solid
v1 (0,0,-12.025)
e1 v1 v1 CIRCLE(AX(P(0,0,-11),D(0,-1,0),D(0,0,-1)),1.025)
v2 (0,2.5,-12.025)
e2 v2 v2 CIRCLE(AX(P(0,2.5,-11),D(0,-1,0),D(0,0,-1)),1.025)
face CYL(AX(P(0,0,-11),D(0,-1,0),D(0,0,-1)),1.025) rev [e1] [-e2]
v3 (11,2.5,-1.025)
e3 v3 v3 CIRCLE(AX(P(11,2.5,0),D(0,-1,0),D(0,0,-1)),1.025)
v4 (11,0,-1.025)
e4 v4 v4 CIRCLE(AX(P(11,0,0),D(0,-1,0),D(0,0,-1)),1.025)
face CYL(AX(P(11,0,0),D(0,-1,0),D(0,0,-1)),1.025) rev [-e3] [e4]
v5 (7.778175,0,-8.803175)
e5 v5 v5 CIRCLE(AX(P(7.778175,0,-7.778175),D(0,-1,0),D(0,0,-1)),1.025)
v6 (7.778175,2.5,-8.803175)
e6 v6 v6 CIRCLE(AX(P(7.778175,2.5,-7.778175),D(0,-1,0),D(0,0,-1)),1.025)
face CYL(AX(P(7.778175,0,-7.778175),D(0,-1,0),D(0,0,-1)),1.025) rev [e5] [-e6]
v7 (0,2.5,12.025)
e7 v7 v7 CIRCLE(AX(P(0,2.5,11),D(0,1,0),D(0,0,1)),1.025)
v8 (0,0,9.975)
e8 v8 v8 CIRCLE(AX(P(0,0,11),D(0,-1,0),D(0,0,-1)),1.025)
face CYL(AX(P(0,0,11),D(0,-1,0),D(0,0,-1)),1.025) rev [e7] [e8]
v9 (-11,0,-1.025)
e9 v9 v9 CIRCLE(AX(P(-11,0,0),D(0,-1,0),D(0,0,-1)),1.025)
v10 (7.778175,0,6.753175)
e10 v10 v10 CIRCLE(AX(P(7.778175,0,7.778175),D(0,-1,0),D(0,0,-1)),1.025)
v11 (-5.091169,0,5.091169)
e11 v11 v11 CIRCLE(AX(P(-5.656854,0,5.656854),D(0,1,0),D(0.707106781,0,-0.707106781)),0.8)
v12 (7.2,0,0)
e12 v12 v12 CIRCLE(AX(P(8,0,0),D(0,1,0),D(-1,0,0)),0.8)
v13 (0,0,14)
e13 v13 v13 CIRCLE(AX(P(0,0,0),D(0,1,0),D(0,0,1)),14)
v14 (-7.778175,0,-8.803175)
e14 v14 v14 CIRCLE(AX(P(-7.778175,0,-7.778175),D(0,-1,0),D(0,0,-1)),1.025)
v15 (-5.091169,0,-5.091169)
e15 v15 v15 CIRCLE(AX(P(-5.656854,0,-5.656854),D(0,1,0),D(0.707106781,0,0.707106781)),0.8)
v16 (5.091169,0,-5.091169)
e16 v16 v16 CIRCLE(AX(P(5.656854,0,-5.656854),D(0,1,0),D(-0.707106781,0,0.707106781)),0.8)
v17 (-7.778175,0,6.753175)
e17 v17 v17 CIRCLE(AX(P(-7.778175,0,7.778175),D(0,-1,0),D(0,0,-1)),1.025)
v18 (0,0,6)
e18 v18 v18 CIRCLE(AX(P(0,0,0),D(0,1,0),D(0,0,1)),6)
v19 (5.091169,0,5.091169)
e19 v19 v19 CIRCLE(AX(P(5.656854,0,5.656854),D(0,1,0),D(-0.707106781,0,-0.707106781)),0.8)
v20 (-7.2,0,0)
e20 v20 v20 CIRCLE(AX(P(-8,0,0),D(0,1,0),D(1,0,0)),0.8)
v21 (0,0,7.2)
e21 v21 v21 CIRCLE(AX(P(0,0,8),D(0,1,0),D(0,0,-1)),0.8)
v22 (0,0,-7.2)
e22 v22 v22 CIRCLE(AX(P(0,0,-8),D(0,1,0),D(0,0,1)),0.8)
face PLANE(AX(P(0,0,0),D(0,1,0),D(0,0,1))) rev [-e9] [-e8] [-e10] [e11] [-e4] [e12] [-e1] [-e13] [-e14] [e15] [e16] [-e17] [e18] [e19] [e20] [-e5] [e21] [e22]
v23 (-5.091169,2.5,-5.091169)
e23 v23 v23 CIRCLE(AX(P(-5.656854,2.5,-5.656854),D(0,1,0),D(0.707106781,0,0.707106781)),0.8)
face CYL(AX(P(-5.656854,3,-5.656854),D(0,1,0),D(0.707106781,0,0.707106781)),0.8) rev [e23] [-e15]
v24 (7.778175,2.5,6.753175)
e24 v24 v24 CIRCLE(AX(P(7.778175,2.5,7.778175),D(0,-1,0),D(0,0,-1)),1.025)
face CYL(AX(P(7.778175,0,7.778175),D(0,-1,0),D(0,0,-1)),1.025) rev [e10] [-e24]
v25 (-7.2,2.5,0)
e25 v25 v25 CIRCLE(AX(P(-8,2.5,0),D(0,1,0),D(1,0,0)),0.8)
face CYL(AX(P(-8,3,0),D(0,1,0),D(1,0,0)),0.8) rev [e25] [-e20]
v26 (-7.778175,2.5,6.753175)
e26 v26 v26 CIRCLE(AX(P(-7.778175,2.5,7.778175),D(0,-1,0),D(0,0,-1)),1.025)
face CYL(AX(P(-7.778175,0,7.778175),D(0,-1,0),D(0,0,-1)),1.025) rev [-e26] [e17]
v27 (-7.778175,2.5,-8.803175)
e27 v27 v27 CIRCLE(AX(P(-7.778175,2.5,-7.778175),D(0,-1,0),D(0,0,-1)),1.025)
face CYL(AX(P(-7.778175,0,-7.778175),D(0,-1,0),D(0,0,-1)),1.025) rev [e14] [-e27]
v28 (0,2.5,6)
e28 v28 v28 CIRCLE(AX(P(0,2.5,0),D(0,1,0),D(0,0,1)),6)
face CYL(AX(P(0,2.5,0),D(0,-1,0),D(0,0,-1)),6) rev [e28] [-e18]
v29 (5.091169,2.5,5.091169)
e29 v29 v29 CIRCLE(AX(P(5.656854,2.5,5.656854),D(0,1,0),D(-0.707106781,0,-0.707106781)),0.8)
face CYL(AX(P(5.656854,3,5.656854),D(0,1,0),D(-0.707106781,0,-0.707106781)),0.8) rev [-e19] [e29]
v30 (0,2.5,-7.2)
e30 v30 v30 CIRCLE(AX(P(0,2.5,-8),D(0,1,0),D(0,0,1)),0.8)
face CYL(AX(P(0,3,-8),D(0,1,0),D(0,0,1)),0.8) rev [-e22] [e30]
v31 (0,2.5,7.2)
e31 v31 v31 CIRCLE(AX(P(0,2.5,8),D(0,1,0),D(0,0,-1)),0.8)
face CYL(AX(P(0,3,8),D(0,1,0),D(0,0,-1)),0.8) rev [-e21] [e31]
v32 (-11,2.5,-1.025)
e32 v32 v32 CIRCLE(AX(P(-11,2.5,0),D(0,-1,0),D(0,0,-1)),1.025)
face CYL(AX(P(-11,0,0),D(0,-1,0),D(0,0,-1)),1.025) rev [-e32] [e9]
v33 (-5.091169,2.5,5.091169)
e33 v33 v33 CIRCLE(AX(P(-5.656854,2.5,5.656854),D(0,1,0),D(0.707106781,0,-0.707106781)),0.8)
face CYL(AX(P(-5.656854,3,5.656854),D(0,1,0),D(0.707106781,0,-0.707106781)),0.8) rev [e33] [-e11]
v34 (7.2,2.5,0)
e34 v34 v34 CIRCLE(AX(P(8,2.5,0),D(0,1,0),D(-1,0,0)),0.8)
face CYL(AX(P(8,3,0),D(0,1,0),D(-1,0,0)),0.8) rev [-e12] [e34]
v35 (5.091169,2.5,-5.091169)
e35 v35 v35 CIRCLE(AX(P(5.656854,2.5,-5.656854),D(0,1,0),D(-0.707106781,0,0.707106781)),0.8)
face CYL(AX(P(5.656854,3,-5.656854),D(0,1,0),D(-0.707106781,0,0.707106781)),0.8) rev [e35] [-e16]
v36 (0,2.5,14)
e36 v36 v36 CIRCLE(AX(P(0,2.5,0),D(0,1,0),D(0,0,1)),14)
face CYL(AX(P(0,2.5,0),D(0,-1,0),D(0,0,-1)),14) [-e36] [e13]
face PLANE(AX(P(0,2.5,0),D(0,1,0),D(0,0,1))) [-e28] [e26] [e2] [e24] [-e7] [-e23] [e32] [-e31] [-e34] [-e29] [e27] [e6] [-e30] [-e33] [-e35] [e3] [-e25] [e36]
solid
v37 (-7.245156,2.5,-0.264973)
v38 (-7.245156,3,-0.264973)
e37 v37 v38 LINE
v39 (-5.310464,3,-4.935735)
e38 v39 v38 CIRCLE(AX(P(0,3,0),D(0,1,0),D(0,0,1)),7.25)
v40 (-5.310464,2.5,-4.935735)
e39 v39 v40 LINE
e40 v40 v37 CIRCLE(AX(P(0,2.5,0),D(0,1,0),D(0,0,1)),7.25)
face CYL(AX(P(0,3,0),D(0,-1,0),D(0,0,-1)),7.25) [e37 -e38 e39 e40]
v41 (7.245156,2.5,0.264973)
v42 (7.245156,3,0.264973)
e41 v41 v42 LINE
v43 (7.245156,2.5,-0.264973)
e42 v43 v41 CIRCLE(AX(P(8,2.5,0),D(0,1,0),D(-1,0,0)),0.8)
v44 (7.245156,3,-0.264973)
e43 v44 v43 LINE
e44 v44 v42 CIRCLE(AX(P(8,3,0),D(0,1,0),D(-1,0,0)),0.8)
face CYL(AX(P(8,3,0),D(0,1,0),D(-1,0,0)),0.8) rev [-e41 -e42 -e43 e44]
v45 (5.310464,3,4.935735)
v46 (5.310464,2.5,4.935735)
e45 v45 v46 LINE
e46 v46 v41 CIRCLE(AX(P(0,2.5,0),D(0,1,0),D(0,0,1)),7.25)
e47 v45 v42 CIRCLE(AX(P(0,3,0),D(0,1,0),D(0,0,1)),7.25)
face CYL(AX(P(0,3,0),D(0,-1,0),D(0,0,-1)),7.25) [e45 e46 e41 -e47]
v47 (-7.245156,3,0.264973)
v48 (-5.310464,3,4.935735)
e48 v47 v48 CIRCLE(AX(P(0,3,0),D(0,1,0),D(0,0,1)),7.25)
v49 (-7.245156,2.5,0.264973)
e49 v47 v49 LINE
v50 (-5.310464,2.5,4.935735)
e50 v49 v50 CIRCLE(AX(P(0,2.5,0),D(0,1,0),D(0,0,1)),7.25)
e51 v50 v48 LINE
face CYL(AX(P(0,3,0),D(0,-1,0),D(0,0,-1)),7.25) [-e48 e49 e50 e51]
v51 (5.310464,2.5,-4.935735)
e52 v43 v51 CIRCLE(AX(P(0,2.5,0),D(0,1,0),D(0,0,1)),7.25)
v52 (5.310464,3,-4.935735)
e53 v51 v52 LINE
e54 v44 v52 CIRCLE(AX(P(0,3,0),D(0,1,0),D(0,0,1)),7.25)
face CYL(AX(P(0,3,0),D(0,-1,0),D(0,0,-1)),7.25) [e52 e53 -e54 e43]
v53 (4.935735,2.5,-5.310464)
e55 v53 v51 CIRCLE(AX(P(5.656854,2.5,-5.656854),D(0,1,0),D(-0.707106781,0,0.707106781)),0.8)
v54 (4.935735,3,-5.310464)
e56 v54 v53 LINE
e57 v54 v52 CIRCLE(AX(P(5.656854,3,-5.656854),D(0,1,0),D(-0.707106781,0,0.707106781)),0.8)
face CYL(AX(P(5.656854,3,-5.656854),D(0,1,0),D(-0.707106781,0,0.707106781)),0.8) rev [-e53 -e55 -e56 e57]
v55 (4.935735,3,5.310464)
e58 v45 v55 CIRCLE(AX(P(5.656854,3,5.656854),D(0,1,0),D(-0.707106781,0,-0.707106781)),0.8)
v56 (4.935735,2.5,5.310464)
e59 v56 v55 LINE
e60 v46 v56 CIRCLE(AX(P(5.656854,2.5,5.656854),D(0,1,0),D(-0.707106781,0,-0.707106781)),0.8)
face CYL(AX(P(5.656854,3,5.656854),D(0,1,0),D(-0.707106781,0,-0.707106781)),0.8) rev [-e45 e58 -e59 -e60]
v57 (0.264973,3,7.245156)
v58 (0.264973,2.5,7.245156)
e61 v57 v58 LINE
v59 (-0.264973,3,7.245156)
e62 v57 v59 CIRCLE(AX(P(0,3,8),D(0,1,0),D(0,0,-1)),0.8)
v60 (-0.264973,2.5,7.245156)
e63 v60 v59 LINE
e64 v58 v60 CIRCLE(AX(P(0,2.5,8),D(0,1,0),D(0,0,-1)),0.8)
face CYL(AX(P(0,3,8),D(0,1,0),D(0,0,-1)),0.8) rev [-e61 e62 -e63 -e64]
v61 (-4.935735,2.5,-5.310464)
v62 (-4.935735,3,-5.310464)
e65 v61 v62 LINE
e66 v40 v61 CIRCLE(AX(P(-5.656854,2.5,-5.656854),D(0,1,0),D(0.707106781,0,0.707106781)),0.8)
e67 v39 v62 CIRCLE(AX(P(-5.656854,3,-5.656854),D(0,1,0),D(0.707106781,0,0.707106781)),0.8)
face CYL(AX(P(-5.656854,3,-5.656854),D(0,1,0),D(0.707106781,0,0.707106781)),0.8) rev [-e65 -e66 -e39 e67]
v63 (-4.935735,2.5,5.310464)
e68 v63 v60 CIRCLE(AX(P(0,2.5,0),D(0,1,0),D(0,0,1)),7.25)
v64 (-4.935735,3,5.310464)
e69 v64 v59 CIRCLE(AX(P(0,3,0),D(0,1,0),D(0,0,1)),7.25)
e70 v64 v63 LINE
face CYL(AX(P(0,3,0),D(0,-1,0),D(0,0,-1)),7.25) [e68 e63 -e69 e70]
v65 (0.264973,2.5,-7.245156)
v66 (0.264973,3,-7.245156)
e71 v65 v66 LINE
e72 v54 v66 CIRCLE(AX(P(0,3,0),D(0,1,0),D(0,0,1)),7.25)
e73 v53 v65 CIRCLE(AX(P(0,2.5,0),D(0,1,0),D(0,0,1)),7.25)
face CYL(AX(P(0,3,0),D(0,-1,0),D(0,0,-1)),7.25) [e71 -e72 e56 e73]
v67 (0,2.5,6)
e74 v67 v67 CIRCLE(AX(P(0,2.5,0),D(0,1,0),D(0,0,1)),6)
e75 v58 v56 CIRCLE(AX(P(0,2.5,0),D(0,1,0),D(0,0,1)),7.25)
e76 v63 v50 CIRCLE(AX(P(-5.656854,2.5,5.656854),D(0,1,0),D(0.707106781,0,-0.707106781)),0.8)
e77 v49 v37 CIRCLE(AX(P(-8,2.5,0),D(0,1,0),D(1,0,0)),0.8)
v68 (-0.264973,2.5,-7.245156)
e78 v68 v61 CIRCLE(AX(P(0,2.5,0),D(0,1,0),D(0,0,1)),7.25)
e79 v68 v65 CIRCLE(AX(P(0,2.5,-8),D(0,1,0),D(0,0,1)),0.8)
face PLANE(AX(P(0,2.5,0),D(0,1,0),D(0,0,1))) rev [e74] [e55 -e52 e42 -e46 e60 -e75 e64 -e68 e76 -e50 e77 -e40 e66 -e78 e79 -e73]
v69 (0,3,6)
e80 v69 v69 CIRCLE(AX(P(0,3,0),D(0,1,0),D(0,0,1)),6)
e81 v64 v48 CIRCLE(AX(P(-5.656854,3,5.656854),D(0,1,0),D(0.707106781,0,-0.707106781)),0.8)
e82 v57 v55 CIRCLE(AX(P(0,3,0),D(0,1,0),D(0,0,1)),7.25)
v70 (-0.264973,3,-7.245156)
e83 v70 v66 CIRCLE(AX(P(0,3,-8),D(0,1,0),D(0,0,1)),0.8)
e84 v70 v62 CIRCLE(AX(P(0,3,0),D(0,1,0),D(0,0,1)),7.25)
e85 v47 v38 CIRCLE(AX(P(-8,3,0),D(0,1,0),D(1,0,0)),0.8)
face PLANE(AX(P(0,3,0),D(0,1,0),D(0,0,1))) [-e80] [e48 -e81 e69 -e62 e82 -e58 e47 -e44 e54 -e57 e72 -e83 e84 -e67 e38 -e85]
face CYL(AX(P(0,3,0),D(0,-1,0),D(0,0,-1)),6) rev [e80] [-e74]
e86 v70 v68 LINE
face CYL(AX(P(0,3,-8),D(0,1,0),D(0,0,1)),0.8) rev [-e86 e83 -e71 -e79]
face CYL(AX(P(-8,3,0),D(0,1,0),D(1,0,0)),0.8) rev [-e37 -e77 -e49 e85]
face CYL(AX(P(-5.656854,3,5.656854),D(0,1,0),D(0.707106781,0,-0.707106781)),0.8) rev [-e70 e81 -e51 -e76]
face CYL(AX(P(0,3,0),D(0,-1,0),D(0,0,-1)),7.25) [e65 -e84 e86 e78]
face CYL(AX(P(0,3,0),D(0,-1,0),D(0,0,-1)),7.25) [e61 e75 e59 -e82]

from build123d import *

# Parameters (mm, degrees)
SKETCH1_R           = 14
SKETCH1_R_2         = 6
BOSS_EXTRUDE1_DEPTH = 2.5
SKETCH5_R           = 7.25
SKETCH5_R_2         = 6
BOSS_EXTRUDE2_DEPTH = 0.5
SKETCH10_W          = 1.025
SKETCH10_H          = 2.5
CIRPATTERN3_COUNT   = 8
SKETCH20_W          = 0.8
SKETCH20_H          = 3
CIRPATTERN4_COUNT   = 8


with BuildPart() as part:
    # Sketch1 → Boss-Extrude1 (new body)
    with BuildSketch(Plane(origin=(0, 0, 0), x_dir=(1, 0, 0), z_dir=(0, 1, 0))):
        with Locations(Location((0, 0, 0), (0, 0, 270))):
            Circle(SKETCH1_R)
        with Locations(Location((0, 0, 0), (0, 0, 270))):
            Circle(SKETCH1_R_2, mode=Mode.SUBTRACT)
    extrude(amount=BOSS_EXTRUDE1_DEPTH)

    # Sketch10 → M2.5 Tapped Hole1 (revolve, cut)
    with BuildSketch(Plane(origin=(0, 0, 11), x_dir=(0, 0, -1), z_dir=(1, 0, 0))):
        with Locations((0.5125, 1.25)):
            Rectangle(SKETCH10_W, SKETCH10_H)
    m2_5_tapped_hole1 = revolve(axis=Axis((0, -6.35, 11), (0, 1, 0)), mode=Mode.SUBTRACT)

    # CirPattern3: M2.5 Tapped Hole1 ×8 about axis
    cirpattern3_axis = Axis((0, 0, 0), (0, 1, 0))
    for i in range(1, CIRPATTERN3_COUNT):
        add(m2_5_tapped_hole1.rotate(cirpattern3_axis, i * 360 / CIRPATTERN3_COUNT), mode=Mode.SUBTRACT)


with BuildPart() as body_2:
    # Sketch5 → Boss-Extrude2 (new body)
    with BuildSketch(Plane(origin=(0, 2.5, 0), x_dir=(1, 0, 0), z_dir=(0, 1, 0))):
        with Locations(Location((0, 0, 0), (0, 0, 270))):
            Circle(SKETCH5_R)
        with Locations(Location((0, 0, 0), (0, 0, 270))):
            Circle(SKETCH5_R_2, mode=Mode.SUBTRACT)
    extrude(amount=BOSS_EXTRUDE2_DEPTH)


with BuildPart() as m2_tapped_hole1_tool:
    # Sketch20 → M2 Tapped Hole1 (revolve)
    with BuildSketch(Plane(origin=(0, 3, -8), x_dir=(0, 0, 1), z_dir=(1, 0, 0))):
        with Locations((0.4, 1.5)):
            Rectangle(SKETCH20_W, SKETCH20_H)
    m2_tapped_hole1 = revolve(axis=Axis((0, 9.35, -8), (0, -1, 0)))


with BuildPart() as part_1:
    add(part.part)

    # M2 Tapped Hole1: cut by m2_tapped_hole1_tool
    add(m2_tapped_hole1_tool.part, mode=Mode.SUBTRACT)


with BuildPart() as body_2_1:
    add(body_2.part)

    # M2 Tapped Hole1: cut by m2_tapped_hole1_tool
    add(m2_tapped_hole1_tool.part, mode=Mode.SUBTRACT)


with BuildPart() as cirpattern4_tool:
    # CirPattern4: M2 Tapped Hole1 ×8 about axis
    cirpattern4_axis = Axis((0, 0, 0), (0, 1, 0))
    for i in range(1, CIRPATTERN4_COUNT):
        add(m2_tapped_hole1.rotate(cirpattern4_axis, i * 360 / CIRPATTERN4_COUNT))


with BuildPart() as part_2:
    add(part_1.part)

    # CirPattern4: cut by cirpattern4_tool
    add(cirpattern4_tool.part, mode=Mode.SUBTRACT)


with BuildPart() as body_2_2:
    add(body_2_1.part)

    # CirPattern4: cut by cirpattern4_tool
    add(cirpattern4_tool.part, mode=Mode.SUBTRACT)


solid = Compound([part_2.part, body_2_2.part])
